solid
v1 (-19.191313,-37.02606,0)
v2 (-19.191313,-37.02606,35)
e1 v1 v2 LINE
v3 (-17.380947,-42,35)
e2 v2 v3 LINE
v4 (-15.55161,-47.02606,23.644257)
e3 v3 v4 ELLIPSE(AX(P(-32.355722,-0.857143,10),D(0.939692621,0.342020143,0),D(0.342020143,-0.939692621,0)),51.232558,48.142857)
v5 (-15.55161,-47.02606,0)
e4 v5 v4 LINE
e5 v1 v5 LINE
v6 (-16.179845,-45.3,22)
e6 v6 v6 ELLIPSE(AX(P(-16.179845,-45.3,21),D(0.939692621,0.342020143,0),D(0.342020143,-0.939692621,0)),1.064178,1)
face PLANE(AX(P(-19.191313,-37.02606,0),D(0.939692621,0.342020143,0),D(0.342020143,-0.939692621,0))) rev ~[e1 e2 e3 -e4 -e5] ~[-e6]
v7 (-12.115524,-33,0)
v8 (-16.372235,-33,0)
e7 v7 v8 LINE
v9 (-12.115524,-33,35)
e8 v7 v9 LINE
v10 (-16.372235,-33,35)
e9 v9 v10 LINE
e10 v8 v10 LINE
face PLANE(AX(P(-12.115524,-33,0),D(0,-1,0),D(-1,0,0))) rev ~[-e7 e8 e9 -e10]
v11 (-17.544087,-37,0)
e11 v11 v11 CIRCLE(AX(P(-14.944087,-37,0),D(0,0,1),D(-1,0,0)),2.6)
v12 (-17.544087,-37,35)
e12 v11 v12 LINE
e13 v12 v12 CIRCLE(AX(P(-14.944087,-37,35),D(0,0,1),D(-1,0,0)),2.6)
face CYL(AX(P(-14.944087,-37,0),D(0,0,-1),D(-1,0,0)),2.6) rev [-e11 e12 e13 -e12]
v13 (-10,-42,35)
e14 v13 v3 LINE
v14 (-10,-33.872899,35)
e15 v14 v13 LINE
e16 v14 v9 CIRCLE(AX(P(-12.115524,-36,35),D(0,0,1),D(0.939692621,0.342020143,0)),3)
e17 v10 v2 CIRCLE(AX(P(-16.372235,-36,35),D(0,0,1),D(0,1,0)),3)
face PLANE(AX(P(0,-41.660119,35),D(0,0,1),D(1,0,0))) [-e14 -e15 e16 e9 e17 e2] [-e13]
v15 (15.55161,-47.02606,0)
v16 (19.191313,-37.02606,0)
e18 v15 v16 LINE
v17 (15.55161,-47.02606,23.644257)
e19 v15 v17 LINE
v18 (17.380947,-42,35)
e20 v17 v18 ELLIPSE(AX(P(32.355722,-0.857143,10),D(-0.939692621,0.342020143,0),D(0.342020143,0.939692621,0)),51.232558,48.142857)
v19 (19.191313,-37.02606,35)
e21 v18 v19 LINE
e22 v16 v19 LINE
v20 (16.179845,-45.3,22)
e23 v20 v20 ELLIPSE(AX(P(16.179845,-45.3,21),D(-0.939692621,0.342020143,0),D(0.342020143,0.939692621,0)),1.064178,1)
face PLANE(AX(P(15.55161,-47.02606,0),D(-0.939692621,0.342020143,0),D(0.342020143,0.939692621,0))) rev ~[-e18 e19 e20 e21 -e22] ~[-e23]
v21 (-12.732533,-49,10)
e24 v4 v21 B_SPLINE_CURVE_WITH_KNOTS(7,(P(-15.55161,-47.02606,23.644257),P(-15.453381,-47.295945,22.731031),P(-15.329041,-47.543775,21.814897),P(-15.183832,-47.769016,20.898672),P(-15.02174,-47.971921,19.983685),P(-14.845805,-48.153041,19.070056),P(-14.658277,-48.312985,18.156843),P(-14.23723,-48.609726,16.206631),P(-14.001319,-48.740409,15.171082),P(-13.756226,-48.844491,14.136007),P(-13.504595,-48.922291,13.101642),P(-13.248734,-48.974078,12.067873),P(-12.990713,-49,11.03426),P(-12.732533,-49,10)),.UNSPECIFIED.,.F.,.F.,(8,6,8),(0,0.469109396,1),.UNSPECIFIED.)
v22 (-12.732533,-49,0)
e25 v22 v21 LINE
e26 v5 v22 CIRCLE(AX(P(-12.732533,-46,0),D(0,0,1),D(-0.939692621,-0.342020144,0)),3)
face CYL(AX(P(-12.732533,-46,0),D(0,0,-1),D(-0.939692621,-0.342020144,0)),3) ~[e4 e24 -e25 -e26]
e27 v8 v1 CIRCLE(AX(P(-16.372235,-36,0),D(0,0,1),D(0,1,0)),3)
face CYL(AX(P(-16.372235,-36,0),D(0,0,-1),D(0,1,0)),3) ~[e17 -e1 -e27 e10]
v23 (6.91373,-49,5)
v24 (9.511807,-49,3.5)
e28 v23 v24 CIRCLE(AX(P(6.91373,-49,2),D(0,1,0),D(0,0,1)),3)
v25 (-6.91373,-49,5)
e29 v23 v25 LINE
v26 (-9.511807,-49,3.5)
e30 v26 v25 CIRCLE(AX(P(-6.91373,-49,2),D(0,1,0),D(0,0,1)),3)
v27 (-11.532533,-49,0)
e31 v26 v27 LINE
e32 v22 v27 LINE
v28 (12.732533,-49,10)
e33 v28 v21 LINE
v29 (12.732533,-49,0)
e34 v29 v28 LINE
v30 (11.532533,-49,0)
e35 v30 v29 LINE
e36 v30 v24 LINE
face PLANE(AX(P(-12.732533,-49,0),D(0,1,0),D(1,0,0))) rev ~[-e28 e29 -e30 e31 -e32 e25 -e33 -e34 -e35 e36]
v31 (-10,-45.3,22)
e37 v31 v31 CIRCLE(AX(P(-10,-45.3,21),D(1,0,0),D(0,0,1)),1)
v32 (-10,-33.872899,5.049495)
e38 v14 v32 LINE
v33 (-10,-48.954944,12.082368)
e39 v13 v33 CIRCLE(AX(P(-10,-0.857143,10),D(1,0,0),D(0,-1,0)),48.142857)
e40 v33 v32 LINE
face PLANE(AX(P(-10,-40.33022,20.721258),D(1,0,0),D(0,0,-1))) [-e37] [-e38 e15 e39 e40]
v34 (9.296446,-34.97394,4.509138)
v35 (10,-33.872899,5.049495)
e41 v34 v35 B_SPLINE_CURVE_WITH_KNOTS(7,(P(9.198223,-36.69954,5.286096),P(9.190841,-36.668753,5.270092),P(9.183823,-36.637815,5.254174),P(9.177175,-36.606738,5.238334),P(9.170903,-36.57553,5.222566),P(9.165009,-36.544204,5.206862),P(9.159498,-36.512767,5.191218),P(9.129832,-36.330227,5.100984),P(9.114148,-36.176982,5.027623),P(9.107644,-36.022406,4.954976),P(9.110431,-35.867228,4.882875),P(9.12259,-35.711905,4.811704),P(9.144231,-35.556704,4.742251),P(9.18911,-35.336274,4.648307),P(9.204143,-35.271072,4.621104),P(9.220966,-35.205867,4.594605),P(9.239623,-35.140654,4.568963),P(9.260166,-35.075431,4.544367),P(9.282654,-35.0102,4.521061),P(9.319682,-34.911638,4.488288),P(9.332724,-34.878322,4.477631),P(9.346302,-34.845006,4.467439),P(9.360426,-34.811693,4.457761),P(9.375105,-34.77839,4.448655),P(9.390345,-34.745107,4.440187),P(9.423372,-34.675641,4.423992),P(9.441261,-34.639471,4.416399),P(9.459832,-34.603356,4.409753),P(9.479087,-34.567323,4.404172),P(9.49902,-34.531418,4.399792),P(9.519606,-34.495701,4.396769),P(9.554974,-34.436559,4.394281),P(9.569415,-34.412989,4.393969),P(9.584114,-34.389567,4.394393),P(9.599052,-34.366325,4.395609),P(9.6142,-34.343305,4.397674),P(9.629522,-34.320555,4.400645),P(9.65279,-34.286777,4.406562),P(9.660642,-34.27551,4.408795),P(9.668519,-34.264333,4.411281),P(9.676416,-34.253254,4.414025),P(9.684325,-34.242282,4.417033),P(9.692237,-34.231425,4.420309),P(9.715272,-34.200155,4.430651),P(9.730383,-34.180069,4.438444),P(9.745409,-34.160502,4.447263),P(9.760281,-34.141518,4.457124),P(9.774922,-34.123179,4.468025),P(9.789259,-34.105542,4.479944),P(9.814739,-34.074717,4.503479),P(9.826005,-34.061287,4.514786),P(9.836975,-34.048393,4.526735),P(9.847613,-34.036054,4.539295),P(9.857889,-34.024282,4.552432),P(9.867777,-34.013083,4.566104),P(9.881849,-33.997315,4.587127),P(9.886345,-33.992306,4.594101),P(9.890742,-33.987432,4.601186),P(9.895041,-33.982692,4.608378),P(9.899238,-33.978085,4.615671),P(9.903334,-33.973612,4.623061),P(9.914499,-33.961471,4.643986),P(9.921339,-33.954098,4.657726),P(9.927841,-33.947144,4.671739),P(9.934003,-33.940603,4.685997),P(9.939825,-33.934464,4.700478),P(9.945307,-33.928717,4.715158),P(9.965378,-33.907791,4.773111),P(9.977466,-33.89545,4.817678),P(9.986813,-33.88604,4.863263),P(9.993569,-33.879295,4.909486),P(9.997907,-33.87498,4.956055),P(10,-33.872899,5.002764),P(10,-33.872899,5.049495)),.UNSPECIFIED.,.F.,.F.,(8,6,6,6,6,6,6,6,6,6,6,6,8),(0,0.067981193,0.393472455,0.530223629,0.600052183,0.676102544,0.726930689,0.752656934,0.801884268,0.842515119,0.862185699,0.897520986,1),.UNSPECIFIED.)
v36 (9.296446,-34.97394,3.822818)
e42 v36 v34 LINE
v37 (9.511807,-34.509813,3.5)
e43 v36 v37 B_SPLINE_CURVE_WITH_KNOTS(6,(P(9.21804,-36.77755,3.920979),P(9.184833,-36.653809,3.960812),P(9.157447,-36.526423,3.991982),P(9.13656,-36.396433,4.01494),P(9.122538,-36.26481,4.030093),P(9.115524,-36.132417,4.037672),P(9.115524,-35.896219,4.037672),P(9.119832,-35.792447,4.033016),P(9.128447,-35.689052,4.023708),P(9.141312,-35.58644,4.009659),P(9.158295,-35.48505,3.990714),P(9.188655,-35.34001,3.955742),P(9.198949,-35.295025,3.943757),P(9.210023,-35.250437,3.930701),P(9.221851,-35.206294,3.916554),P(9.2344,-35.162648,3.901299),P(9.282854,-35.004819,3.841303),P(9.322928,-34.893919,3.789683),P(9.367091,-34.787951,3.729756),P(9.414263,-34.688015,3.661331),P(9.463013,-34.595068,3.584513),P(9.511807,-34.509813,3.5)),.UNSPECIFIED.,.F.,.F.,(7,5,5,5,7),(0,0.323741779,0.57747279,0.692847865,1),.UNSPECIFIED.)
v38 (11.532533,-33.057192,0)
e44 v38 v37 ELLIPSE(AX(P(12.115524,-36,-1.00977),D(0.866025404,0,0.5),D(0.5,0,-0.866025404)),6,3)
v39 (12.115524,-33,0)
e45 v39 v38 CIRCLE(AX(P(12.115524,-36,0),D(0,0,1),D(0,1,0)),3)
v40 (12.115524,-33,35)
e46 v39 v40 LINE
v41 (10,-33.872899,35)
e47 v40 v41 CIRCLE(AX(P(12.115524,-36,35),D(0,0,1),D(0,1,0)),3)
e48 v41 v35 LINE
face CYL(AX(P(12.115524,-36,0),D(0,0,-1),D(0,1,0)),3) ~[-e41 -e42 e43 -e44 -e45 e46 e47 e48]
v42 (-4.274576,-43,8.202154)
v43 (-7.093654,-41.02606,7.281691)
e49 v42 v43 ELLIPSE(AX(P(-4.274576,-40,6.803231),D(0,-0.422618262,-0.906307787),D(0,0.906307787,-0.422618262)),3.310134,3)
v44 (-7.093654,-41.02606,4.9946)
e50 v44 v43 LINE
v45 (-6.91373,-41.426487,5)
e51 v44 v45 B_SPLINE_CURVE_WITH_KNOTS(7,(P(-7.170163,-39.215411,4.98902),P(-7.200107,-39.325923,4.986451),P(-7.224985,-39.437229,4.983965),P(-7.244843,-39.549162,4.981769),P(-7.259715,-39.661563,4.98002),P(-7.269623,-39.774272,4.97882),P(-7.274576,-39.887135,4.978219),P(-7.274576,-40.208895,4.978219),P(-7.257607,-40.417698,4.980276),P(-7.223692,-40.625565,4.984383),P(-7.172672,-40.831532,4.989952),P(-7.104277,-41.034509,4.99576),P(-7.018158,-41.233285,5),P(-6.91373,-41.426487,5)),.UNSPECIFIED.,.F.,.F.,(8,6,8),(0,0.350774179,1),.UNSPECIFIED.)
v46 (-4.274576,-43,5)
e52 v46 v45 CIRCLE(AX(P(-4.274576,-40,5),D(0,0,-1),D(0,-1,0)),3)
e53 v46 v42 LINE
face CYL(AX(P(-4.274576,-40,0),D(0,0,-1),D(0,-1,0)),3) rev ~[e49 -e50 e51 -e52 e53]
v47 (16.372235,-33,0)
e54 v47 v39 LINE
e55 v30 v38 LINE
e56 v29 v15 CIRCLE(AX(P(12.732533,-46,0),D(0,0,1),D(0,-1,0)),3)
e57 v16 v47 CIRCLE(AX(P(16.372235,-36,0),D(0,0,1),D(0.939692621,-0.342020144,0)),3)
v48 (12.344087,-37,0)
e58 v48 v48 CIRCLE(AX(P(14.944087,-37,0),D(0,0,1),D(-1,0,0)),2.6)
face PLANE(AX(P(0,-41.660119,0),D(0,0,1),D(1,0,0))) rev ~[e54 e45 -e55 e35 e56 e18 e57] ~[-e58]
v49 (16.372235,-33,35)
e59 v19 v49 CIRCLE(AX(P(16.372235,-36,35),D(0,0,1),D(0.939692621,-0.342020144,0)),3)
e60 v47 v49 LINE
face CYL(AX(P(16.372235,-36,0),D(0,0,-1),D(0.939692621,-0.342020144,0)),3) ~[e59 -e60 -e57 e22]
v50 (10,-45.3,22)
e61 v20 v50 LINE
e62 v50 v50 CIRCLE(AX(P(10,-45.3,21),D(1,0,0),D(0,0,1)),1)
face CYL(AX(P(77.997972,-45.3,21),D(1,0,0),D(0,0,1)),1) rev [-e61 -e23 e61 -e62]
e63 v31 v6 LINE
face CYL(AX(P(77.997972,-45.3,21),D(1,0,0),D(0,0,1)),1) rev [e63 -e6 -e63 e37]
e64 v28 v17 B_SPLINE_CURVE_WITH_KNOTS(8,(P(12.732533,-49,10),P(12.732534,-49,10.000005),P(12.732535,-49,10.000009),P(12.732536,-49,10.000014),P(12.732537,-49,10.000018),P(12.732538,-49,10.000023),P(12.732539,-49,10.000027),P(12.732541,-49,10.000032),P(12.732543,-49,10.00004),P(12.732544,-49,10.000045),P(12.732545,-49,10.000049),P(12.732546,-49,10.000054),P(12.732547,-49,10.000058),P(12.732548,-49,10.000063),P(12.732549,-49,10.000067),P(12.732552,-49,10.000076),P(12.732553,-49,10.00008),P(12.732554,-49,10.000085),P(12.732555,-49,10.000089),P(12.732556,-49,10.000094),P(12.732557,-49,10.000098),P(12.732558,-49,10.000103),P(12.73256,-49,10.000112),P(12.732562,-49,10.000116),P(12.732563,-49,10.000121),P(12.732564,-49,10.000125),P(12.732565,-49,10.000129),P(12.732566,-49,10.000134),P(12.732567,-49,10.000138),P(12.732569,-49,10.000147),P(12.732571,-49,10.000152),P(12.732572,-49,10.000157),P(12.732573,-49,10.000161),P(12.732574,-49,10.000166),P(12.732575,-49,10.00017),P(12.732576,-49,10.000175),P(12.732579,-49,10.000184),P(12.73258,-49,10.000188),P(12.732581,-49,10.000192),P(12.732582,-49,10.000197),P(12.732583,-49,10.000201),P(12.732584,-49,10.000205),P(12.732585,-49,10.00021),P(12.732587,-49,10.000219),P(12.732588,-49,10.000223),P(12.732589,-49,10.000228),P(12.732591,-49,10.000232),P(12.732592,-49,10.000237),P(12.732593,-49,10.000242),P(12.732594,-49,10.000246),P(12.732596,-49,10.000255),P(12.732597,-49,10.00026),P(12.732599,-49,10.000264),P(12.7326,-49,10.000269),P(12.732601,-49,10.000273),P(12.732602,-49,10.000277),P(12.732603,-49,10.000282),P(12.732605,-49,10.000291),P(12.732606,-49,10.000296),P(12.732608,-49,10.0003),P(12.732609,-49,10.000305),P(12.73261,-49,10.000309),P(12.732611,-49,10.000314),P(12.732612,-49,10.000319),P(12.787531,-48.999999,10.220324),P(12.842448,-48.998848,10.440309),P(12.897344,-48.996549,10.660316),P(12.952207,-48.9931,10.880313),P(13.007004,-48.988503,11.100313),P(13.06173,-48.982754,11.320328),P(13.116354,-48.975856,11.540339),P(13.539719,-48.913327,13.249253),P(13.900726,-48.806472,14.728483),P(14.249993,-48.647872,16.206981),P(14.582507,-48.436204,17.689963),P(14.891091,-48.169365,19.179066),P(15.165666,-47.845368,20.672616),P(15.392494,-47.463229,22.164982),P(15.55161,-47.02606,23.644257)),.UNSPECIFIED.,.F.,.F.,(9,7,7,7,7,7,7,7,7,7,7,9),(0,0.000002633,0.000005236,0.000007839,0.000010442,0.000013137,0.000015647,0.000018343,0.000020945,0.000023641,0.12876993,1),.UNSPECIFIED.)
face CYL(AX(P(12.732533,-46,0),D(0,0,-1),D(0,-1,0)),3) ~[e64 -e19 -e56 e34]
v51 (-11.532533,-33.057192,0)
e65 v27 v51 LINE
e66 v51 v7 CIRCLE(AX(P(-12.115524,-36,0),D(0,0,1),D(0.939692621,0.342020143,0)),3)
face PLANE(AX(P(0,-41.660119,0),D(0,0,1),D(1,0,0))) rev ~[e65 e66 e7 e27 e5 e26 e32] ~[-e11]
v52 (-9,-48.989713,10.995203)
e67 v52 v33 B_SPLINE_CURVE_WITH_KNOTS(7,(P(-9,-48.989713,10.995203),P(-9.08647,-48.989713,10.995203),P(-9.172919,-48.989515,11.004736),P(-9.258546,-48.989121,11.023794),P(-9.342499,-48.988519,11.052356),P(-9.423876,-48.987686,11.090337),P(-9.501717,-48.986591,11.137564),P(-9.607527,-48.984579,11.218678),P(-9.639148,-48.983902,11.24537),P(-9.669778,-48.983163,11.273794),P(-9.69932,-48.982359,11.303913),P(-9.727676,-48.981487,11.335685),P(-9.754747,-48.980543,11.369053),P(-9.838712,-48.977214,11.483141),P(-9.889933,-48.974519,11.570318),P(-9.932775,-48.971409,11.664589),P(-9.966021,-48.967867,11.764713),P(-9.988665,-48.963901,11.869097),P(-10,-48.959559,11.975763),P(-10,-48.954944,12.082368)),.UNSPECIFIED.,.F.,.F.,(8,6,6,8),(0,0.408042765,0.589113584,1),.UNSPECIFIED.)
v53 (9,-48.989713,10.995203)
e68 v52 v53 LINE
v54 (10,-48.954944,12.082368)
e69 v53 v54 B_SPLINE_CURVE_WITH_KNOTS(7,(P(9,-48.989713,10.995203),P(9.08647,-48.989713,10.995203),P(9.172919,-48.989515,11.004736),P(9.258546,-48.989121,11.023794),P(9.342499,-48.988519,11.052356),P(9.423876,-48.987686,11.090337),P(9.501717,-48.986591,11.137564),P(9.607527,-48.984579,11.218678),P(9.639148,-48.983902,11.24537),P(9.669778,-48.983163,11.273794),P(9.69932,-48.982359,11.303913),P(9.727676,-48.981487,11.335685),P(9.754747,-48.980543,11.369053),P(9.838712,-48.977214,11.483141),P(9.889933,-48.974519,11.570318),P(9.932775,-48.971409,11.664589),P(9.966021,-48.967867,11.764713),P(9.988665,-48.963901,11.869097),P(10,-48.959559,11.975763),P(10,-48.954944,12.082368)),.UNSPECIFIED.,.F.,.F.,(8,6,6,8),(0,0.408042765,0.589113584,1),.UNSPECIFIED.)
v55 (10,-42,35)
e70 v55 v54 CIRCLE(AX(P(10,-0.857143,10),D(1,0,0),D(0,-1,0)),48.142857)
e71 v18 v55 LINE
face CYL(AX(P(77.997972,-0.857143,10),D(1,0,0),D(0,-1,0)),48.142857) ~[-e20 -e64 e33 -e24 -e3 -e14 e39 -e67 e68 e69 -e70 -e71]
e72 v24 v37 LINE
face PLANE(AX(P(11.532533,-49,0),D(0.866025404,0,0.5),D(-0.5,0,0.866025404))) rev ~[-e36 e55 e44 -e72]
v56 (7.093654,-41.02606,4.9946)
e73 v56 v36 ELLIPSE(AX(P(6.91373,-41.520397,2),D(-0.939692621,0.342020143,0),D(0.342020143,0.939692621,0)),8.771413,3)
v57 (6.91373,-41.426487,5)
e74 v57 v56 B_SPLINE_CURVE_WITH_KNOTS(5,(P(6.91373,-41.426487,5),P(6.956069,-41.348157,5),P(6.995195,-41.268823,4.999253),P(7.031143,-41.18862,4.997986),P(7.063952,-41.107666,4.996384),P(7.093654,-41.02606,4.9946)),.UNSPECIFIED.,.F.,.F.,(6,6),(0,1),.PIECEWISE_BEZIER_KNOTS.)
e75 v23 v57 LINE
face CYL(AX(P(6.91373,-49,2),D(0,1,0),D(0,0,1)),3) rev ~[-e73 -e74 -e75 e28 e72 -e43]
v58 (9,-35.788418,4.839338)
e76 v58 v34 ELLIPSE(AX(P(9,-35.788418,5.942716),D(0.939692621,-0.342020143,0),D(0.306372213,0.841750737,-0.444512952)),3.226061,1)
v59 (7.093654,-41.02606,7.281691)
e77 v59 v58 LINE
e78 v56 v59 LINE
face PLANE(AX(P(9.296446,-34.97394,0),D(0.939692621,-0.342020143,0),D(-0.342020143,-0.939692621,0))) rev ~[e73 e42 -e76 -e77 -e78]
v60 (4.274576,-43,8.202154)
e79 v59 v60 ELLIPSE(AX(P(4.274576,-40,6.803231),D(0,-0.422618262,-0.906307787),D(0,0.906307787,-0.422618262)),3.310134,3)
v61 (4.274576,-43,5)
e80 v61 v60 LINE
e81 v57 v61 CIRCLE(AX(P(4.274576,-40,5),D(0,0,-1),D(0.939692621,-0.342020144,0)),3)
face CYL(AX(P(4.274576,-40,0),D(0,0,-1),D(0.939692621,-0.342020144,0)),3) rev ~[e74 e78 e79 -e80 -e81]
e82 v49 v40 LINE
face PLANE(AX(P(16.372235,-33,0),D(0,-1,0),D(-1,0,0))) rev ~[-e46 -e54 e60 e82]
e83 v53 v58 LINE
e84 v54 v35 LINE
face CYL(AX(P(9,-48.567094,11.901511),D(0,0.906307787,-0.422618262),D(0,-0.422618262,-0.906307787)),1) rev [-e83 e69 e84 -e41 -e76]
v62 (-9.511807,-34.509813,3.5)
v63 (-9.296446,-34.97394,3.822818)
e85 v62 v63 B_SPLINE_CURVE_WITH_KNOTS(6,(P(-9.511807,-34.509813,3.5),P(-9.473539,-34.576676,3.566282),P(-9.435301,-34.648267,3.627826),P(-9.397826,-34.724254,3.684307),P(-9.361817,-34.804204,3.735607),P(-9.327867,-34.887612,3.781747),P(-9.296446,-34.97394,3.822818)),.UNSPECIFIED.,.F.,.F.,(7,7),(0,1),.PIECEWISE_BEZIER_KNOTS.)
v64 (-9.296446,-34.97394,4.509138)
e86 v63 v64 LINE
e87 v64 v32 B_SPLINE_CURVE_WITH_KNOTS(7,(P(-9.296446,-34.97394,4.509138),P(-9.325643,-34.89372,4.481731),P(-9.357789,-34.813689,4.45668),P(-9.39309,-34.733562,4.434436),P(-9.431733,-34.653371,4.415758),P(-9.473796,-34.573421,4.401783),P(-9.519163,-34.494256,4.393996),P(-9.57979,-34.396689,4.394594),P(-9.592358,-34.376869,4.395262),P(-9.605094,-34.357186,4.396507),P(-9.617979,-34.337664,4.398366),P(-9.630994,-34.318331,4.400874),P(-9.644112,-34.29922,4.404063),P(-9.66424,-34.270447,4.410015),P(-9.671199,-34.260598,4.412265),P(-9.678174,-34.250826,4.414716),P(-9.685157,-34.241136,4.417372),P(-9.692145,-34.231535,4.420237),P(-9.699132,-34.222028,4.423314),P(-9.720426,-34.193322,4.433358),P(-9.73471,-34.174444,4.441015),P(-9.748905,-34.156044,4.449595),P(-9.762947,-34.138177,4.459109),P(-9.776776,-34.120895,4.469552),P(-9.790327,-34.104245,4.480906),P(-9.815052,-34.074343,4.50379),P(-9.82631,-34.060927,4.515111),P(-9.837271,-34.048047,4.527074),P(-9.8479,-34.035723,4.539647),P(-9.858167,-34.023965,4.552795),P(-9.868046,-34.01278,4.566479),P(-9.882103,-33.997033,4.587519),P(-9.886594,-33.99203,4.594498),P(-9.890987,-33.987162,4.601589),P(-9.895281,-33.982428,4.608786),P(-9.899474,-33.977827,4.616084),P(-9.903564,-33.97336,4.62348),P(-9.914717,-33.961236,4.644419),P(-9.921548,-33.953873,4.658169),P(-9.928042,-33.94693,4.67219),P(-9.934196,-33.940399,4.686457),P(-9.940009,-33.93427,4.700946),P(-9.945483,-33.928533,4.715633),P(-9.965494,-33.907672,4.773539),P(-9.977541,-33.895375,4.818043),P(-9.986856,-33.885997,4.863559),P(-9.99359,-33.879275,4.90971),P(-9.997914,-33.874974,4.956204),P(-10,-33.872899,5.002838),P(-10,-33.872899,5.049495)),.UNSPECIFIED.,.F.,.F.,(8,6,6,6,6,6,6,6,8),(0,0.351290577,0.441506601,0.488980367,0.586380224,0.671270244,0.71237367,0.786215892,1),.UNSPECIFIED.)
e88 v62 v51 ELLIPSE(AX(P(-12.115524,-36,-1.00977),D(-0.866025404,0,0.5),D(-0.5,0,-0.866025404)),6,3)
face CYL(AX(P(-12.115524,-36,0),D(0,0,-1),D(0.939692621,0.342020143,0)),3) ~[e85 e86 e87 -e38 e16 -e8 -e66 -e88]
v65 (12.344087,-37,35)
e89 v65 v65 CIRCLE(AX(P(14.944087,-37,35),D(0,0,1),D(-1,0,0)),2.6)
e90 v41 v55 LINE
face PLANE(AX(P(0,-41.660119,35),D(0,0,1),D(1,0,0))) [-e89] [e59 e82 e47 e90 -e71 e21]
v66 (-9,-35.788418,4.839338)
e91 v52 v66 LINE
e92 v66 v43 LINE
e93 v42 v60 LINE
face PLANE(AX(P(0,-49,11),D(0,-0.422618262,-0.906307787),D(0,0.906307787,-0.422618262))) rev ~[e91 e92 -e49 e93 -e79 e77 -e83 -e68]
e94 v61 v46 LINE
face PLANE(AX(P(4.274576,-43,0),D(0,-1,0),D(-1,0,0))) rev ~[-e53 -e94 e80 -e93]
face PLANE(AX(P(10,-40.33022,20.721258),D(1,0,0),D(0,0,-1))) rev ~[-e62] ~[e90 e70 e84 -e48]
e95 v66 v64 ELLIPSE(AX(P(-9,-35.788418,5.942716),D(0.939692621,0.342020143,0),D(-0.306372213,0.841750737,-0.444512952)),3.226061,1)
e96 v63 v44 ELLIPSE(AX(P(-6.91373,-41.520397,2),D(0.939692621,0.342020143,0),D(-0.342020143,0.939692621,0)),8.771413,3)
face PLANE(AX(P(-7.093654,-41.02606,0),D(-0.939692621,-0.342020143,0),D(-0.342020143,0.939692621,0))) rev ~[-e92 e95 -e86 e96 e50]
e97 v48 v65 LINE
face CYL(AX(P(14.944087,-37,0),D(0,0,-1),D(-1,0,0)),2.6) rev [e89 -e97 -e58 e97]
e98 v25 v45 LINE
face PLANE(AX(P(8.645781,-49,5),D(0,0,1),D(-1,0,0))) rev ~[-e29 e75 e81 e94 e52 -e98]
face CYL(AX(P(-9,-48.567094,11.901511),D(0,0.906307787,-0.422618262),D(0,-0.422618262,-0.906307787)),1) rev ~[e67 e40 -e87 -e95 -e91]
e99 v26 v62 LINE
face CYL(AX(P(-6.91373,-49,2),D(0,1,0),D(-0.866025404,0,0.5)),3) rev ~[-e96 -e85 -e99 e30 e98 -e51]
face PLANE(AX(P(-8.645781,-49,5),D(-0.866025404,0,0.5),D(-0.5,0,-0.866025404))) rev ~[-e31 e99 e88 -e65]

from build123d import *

# Parameters (mm, degrees)
SKETCH1_R               = 2.6
BOSS_EXTRUDE1_DEPTH     = 35
CUT_EXTRUDE3_DEPTH      = 10
CUT_EXTRUDE4_DEPTH      = 67.997971518
CUT_EXTRUDE4_DEPTH_BACK = 67.997971518
SKETCH5_R               = 1
CUT_EXTRUDE5_DEPTH      = 44.084608481
FILLET1_R               = 3
CUT_EXTRUDE6_DEPTH      = 67.997971643
CUT_EXTRUDE6_DEPTH_BACK = 67.997971643
FILLET2_R               = 1


with BuildPart() as part:
    # Sketch1 → Boss-Extrude1 (new body)
    with BuildSketch(Plane.XY):
        with BuildLine():
            Line((-19.191312838, -37.02606043), (-15.551610496, -47.02606043))
            ThreePointArc((-15.551610496, -47.02606043), (-14.453261942, -48.457456133), (-12.732532633, -49))
            Line((-12.732532633, -49), (12.732532633, -49))
            ThreePointArc((12.732532633, -49), (14.453261942, -48.457456133), (15.551610496, -47.02606043))
            Line((15.551610496, -47.02606043), (19.191312838, -37.02606043))
            ThreePointArc((19.191312838, -37.02606043), (18.829691109, -34.279270691), (16.372234976, -33))
            Line((16.372234976, -33), (12.115523886, -33))
            ThreePointArc((12.115523886, -33), (10.394794577, -33.542543867), (9.296446024, -34.97393957))
            Line((9.296446024, -34.97393957), (7.093654177, -41.02606043))
            ThreePointArc((7.093654177, -41.02606043), (5.995305623, -42.457456133), (4.274576314, -43))
            Line((4.274576314, -43), (-4.274576314, -43))
            ThreePointArc((-4.274576314, -43), (-5.995305623, -42.457456133), (-7.093654177, -41.02606043))
            Line((-7.093654177, -41.02606043), (-9.296446024, -34.97393957))
            ThreePointArc((-9.296446024, -34.97393957), (-10.394794577, -33.542543867), (-12.115523886, -33))
            Line((-12.115523886, -33), (-16.372234976, -33))
            ThreePointArc((-16.372234976, -33), (-18.829691109, -34.279270691), (-19.191312838, -37.02606043))
        make_face()
        with Locations(Location((-14.944086969, -37, 0), (0, 0, 180))):
            Circle(SKETCH1_R, mode=Mode.SUBTRACT)
        with Locations(Location((14.944086969, -37, 0), (0, 0, 180))):
            Circle(SKETCH1_R, mode=Mode.SUBTRACT)
    extrude(amount=BOSS_EXTRUDE1_DEPTH)

    # Sketch4 → Cut-Extrude3 (cut, symmetric)
    with BuildSketch(Plane(origin=(0, 0, 0), x_dir=(0, 0, -1), z_dir=(1, 0, 0))):
        Polygon((-35, -49), (-11, -49), (-3.53907747, -33), (-35, -33), align=None)
    extrude(amount=CUT_EXTRUDE3_DEPTH, both=True, mode=Mode.SUBTRACT)

    # Sketch5 → Cut-Extrude4 (cut, two sides: drawn at the far end of the back side and taken through both)
    with BuildSketch(Plane.ZY.offset(-10).offset(-CUT_EXTRUDE4_DEPTH_BACK)):
        with Locations((21, -45.3)):
            Circle(SKETCH5_R)
    extrude(amount=CUT_EXTRUDE4_DEPTH + CUT_EXTRUDE4_DEPTH_BACK, mode=Mode.SUBTRACT)

    # Sketch6 → Cut-Extrude5 (cut, through all)
    with BuildSketch(Plane.XZ.offset(49)):
        Polygon((-11.532532633, 0), (11.532532633, 0), (8.645781287, 5), (-8.645781287, 5), align=None)
    extrude(amount=-CUT_EXTRUDE5_DEPTH, mode=Mode.SUBTRACT)

    # Fillet1
    fillet1_edges = [part.edges().sort_by_distance(p)[0] for p in [
        (-8.645781287, -42.88081312, 5),
        (8.645781287, -42.88081312, 5),
    ]]
    fillet(fillet1_edges, radius=FILLET1_R)

    # Sketch7 → Cut-Extrude6 (cut, two sides: drawn at the far end of the back side and taken through both)
    with BuildSketch(Plane.ZY.offset(-10).offset(-CUT_EXTRUDE6_DEPTH_BACK)):
        with BuildLine():
            Line((35, -42), (35, -49))
            Line((35, -49), (10, -49))
            ThreePointArc((10, -49), (22.980754986, -47.216982092), (35, -42))
        make_face()
    extrude(amount=CUT_EXTRUDE6_DEPTH + CUT_EXTRUDE6_DEPTH_BACK, mode=Mode.SUBTRACT)

    # Fillet2
    fillet2_edges = [part.edges().sort_by_distance(p)[0] for p in [
        (-10, -41.431305772, 7.470659919),
        (10, -41.431305772, 7.470659919),
    ]]
    fillet(fillet2_edges, radius=FILLET2_R)


solid = part.part
